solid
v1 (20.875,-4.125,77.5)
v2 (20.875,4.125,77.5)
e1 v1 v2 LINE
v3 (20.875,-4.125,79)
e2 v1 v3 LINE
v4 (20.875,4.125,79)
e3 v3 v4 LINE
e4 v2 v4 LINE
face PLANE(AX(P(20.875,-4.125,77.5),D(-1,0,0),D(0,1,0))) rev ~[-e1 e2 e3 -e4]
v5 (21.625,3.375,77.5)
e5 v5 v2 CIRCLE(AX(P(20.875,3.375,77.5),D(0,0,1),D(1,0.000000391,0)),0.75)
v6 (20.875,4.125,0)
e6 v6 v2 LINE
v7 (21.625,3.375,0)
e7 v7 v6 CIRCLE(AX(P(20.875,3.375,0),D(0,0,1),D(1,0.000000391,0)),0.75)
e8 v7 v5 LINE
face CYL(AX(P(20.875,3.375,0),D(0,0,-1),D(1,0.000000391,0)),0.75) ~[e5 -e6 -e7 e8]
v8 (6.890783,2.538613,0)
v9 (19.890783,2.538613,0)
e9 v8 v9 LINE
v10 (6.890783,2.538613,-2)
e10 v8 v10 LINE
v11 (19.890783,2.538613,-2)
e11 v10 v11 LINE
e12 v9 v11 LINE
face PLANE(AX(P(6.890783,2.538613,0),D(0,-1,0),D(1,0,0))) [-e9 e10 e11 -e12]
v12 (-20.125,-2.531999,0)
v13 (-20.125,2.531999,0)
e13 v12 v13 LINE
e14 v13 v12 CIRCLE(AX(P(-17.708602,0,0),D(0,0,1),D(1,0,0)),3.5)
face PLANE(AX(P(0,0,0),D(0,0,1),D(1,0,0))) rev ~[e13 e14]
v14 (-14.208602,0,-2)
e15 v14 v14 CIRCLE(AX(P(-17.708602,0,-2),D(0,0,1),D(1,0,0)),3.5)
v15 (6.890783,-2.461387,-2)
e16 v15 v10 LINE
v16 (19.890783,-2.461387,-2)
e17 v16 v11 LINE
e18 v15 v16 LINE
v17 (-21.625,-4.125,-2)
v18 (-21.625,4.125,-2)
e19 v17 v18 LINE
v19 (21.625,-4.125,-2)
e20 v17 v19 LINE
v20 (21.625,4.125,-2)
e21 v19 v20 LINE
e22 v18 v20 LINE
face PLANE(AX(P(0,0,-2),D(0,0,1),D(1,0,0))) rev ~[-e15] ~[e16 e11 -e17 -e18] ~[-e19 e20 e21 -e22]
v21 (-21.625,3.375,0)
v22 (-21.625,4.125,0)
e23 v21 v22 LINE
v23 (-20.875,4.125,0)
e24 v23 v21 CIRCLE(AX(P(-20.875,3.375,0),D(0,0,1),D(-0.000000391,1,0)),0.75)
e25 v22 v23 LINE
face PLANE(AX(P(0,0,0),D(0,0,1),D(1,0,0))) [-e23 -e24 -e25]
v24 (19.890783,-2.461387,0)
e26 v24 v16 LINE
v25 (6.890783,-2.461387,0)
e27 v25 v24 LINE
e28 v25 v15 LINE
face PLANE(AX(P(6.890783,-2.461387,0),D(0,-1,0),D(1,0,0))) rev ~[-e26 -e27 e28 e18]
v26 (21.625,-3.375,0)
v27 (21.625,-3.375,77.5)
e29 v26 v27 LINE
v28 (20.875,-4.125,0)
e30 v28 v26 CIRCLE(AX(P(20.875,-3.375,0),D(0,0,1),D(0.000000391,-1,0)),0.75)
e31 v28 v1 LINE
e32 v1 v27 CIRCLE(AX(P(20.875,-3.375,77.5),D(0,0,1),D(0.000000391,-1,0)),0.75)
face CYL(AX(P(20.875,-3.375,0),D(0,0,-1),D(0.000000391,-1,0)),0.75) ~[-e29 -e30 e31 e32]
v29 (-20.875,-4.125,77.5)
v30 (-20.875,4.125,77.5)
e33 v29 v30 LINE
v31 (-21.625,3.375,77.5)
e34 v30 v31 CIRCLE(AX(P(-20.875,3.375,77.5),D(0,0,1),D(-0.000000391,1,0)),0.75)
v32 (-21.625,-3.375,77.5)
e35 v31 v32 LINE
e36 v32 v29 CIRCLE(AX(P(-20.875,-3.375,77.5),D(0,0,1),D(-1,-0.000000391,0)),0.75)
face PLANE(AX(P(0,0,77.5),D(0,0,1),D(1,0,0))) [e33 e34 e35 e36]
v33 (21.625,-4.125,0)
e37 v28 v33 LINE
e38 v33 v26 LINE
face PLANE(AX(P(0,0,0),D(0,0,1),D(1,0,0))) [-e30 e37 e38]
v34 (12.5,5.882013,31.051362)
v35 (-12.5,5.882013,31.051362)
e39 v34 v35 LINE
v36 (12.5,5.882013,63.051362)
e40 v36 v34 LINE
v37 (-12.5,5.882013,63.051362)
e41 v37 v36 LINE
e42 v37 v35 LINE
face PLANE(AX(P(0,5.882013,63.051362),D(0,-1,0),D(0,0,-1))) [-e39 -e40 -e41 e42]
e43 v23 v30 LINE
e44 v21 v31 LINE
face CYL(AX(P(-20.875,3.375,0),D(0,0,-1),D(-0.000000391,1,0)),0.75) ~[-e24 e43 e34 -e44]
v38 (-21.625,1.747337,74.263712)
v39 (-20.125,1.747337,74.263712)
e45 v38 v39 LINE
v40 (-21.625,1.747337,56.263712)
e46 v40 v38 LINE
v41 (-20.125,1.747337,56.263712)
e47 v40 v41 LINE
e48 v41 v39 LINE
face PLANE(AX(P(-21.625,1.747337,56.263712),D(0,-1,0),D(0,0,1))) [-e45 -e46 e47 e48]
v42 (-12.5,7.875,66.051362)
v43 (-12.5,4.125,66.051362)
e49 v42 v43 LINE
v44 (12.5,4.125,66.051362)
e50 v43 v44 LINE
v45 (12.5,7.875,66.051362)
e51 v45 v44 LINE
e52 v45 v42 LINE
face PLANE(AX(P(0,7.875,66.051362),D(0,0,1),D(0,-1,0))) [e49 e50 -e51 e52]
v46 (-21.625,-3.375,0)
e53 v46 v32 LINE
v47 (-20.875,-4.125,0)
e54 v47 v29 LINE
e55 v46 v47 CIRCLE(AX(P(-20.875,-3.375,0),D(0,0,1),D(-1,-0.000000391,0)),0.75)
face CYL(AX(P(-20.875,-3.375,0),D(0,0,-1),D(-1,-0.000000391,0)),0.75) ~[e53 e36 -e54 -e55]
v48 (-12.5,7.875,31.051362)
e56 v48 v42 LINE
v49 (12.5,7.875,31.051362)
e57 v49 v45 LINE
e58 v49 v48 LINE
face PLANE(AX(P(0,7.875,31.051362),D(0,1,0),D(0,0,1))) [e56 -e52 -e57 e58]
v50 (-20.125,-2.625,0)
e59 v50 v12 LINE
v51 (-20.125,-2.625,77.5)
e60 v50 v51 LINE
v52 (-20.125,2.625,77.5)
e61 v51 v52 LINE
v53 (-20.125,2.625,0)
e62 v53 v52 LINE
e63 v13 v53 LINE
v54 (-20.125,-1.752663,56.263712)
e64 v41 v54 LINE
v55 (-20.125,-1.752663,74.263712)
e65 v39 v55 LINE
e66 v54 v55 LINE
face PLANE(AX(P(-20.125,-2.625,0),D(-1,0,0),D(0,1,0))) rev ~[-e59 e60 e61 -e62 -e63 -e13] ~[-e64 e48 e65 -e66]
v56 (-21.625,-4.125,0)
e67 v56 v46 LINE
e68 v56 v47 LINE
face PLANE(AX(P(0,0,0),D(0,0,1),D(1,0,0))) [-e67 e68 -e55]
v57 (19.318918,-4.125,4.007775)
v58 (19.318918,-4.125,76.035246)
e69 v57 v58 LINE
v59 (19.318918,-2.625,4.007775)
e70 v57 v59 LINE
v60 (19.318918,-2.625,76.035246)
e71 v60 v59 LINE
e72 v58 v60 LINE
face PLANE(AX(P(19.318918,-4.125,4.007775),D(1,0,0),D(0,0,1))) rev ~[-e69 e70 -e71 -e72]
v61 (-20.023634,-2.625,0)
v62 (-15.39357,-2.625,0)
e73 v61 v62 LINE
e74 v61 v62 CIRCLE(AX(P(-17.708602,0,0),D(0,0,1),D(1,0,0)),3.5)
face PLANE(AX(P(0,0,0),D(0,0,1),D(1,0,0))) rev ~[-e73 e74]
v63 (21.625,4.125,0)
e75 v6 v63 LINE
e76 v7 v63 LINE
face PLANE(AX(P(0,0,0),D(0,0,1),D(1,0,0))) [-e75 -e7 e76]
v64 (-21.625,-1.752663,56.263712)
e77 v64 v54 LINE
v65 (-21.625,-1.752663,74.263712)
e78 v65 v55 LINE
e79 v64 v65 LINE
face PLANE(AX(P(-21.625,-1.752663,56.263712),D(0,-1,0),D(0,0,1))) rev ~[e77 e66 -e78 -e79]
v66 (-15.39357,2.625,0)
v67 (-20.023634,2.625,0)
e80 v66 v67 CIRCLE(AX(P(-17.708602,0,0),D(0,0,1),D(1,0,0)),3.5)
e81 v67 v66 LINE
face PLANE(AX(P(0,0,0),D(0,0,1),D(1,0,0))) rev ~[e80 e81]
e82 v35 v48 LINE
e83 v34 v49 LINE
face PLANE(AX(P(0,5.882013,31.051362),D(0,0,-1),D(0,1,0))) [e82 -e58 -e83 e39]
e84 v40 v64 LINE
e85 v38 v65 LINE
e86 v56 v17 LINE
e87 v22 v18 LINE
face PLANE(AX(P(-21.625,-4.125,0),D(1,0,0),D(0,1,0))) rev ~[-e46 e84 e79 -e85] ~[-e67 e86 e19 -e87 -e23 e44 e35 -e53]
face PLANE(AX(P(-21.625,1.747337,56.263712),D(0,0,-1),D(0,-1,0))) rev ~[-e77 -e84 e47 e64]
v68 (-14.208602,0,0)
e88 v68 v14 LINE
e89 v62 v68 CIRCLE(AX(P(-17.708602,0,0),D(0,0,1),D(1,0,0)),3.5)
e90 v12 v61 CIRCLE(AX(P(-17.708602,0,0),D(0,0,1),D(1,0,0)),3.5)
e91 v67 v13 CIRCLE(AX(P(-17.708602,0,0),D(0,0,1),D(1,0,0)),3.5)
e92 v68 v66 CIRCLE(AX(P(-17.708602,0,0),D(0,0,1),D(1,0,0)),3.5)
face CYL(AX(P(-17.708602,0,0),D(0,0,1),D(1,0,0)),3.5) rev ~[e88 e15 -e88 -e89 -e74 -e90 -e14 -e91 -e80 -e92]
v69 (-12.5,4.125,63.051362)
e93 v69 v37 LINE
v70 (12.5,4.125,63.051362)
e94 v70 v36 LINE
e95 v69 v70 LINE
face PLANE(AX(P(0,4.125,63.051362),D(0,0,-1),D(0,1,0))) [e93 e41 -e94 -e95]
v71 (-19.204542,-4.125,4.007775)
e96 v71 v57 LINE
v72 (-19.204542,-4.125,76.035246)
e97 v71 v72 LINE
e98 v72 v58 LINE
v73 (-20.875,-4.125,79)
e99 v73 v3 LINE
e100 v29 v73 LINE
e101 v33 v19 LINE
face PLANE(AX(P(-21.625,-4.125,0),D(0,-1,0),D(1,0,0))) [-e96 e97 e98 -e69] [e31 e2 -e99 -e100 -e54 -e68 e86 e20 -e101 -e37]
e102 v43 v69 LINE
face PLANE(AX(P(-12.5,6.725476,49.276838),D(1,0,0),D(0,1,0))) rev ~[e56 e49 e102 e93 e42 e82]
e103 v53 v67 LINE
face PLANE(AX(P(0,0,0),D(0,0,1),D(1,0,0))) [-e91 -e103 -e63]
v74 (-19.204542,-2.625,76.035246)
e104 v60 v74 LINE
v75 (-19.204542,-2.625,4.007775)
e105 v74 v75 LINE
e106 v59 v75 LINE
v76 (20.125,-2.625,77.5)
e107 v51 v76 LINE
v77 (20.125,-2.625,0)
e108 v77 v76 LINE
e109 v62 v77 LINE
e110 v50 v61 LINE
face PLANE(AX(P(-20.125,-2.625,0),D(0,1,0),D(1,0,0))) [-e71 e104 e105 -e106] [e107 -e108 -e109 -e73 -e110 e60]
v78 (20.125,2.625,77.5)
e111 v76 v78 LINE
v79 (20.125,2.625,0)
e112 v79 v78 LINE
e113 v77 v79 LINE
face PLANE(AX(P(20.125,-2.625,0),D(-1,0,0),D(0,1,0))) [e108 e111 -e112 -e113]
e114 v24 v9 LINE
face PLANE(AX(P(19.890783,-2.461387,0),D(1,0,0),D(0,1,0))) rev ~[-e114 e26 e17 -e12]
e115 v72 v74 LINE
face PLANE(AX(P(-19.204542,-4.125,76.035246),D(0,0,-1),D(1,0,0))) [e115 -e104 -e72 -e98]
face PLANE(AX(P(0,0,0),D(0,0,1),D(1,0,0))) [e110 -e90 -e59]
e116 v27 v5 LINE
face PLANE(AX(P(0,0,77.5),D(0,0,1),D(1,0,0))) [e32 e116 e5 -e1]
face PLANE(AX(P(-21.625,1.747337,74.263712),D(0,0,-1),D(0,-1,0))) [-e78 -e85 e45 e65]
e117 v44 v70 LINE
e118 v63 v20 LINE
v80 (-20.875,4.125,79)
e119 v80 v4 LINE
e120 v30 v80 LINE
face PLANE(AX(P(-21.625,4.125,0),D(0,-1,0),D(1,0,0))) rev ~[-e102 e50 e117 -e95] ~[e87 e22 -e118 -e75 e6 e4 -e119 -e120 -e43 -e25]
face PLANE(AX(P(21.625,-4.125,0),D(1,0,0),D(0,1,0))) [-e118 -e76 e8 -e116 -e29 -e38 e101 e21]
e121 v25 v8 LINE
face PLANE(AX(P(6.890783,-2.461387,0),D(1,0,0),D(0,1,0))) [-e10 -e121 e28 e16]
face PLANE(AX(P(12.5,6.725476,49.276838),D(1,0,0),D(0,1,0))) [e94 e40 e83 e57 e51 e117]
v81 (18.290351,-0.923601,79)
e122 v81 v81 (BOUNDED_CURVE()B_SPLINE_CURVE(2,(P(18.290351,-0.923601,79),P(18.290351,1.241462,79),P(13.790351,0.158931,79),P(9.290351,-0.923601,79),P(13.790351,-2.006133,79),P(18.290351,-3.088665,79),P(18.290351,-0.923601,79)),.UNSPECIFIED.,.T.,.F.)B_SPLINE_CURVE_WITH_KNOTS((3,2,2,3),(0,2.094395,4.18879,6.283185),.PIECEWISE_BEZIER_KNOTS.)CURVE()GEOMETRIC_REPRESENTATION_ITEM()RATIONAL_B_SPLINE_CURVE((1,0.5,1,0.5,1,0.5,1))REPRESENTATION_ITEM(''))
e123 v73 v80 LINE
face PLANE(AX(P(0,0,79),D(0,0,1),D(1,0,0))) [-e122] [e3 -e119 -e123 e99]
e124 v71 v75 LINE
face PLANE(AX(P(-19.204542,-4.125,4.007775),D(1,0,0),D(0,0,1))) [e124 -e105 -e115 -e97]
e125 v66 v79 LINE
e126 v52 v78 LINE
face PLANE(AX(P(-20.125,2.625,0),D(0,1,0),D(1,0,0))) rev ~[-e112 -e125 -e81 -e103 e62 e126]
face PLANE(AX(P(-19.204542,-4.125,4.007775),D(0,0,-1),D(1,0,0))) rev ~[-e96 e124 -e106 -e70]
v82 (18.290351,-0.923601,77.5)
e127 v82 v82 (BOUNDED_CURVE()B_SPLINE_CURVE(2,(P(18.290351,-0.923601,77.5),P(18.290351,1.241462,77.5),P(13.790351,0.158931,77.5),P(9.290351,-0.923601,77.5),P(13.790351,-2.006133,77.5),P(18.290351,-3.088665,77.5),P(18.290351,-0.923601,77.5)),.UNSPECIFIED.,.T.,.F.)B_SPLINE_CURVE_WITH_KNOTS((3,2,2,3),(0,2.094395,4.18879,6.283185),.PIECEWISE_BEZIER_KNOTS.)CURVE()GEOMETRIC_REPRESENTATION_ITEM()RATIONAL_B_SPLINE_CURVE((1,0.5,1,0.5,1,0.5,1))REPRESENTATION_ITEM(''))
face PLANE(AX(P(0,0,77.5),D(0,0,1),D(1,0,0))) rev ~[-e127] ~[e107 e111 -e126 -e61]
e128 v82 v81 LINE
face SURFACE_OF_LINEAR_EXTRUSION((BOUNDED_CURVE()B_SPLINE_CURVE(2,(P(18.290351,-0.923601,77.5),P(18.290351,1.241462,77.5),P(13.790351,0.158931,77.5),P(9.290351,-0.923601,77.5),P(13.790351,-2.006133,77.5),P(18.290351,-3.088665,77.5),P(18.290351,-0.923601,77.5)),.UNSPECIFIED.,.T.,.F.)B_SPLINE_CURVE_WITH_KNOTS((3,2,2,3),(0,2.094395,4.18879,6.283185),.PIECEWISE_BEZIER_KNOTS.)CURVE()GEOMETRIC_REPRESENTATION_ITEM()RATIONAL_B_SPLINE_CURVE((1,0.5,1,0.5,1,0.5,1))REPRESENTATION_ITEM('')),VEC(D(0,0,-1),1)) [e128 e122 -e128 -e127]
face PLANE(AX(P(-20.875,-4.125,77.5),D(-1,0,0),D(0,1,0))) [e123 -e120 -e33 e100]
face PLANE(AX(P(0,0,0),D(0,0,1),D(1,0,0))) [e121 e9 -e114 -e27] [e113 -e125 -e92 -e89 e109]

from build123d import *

# Parameters (mm, degrees)
F0_W      = 40.25
F0_H      = 5.25
F1_DEPTH  = 77.5
F2_W      = 38.52346
F2_H      = 72.027471
F3_DEPTH  = 5
F4_W      = 41.75
F4_H      = 8.25
F5_DEPTH  = 1.5
F6_W      = 43.25
F6_H      = 8.25
F6_R      = 3.5
F6_W_2    = 13
F6_H_2    = 5
F7_DEPTH  = 2
F8_W      = 3.5
F8_H      = 18
F9_DEPTH  = 5
F11_DEPTH = 12.5


with BuildPart() as f1:
    # F0 (on Top) → F1 (new body)
    with BuildSketch(Plane.XY):
        with BuildLine():
            Line((-21.625, 3.375), (-21.625, -3.375))
            ThreePointArc((-21.625, -3.375), (-21.40533, -3.90533), (-20.875, -4.125))
            Line((-20.875, -4.125), (20.875, -4.125))
            ThreePointArc((20.875, -4.125), (21.40533, -3.90533), (21.625, -3.375))
            Line((21.625, -3.375), (21.625, 3.375))
            ThreePointArc((21.625, 3.375), (21.40533, 3.90533), (20.875, 4.125))
            Line((20.875, 4.125), (-20.875, 4.125))
            ThreePointArc((-20.875, 4.125), (-21.40533, 3.90533), (-21.625, 3.375))
        make_face()
        Rectangle(F0_W, F0_H, mode=Mode.SUBTRACT)
    extrude(amount=F1_DEPTH)

    # F2 (on face) → F3 (cut)
    with BuildSketch(Plane.XZ.offset(4.125)):
        with Locations((0.057188, 40.02151)):
            Rectangle(F2_W, F2_H)
    extrude(amount=-F3_DEPTH, mode=Mode.SUBTRACT)

    # F4 (on face) → F5 (join)
    with BuildSketch(Plane.XY.offset(77.5)):
        Rectangle(F4_W, F4_H)
        with BuildLine():
            add(Edge.make_bspline(
                [(18.290351, -0.923601), (18.290351, 1.241462), (13.790351, 0.158931), (9.290351, -0.923601), (13.790351, -2.006133), (18.290351, -3.088665), (18.290351, -0.923601)],
                knots=[0, 0, 0, 2.094395, 2.094395, 4.18879, 4.18879, 6.283185, 6.283185, 6.283185], degree=2, weights=[1, 0.5, 1, 0.5, 1, 0.5, 1]))
        make_face(mode=Mode.SUBTRACT)
    extrude(amount=F5_DEPTH)

    # F6 (on Top) → F7 (join)
    with BuildSketch(Plane.XY):
        Rectangle(F6_W, F6_H)
        with Locations((-17.708602, 0)):
            Circle(F6_R, mode=Mode.SUBTRACT)
        with Locations((13.390783, 0.038613)):
            Rectangle(F6_W_2, F6_H_2, mode=Mode.SUBTRACT)
    extrude(amount=-F7_DEPTH)

    # F8 (on face) → F9 (cut)
    with BuildSketch(Plane(origin=(-21.625, 0, 0), x_dir=(0, -1, 0), z_dir=(-1, 0, 0))):
        with Locations((0.002663, 65.263712)):
            Rectangle(F8_W, F8_H)
    extrude(amount=-F9_DEPTH, mode=Mode.SUBTRACT)

    # F10 (on Right) → F11 (join, symmetric)
    with BuildSketch(Plane.YZ):
        Polygon((7.875, 66.051362), (4.125, 66.051362), (4.125, 63.051362), (5.882013, 63.051362), (5.882013, 31.051362), (7.875, 31.051362), align=None)
    extrude(amount=F11_DEPTH, both=True)


solid = f1.part
